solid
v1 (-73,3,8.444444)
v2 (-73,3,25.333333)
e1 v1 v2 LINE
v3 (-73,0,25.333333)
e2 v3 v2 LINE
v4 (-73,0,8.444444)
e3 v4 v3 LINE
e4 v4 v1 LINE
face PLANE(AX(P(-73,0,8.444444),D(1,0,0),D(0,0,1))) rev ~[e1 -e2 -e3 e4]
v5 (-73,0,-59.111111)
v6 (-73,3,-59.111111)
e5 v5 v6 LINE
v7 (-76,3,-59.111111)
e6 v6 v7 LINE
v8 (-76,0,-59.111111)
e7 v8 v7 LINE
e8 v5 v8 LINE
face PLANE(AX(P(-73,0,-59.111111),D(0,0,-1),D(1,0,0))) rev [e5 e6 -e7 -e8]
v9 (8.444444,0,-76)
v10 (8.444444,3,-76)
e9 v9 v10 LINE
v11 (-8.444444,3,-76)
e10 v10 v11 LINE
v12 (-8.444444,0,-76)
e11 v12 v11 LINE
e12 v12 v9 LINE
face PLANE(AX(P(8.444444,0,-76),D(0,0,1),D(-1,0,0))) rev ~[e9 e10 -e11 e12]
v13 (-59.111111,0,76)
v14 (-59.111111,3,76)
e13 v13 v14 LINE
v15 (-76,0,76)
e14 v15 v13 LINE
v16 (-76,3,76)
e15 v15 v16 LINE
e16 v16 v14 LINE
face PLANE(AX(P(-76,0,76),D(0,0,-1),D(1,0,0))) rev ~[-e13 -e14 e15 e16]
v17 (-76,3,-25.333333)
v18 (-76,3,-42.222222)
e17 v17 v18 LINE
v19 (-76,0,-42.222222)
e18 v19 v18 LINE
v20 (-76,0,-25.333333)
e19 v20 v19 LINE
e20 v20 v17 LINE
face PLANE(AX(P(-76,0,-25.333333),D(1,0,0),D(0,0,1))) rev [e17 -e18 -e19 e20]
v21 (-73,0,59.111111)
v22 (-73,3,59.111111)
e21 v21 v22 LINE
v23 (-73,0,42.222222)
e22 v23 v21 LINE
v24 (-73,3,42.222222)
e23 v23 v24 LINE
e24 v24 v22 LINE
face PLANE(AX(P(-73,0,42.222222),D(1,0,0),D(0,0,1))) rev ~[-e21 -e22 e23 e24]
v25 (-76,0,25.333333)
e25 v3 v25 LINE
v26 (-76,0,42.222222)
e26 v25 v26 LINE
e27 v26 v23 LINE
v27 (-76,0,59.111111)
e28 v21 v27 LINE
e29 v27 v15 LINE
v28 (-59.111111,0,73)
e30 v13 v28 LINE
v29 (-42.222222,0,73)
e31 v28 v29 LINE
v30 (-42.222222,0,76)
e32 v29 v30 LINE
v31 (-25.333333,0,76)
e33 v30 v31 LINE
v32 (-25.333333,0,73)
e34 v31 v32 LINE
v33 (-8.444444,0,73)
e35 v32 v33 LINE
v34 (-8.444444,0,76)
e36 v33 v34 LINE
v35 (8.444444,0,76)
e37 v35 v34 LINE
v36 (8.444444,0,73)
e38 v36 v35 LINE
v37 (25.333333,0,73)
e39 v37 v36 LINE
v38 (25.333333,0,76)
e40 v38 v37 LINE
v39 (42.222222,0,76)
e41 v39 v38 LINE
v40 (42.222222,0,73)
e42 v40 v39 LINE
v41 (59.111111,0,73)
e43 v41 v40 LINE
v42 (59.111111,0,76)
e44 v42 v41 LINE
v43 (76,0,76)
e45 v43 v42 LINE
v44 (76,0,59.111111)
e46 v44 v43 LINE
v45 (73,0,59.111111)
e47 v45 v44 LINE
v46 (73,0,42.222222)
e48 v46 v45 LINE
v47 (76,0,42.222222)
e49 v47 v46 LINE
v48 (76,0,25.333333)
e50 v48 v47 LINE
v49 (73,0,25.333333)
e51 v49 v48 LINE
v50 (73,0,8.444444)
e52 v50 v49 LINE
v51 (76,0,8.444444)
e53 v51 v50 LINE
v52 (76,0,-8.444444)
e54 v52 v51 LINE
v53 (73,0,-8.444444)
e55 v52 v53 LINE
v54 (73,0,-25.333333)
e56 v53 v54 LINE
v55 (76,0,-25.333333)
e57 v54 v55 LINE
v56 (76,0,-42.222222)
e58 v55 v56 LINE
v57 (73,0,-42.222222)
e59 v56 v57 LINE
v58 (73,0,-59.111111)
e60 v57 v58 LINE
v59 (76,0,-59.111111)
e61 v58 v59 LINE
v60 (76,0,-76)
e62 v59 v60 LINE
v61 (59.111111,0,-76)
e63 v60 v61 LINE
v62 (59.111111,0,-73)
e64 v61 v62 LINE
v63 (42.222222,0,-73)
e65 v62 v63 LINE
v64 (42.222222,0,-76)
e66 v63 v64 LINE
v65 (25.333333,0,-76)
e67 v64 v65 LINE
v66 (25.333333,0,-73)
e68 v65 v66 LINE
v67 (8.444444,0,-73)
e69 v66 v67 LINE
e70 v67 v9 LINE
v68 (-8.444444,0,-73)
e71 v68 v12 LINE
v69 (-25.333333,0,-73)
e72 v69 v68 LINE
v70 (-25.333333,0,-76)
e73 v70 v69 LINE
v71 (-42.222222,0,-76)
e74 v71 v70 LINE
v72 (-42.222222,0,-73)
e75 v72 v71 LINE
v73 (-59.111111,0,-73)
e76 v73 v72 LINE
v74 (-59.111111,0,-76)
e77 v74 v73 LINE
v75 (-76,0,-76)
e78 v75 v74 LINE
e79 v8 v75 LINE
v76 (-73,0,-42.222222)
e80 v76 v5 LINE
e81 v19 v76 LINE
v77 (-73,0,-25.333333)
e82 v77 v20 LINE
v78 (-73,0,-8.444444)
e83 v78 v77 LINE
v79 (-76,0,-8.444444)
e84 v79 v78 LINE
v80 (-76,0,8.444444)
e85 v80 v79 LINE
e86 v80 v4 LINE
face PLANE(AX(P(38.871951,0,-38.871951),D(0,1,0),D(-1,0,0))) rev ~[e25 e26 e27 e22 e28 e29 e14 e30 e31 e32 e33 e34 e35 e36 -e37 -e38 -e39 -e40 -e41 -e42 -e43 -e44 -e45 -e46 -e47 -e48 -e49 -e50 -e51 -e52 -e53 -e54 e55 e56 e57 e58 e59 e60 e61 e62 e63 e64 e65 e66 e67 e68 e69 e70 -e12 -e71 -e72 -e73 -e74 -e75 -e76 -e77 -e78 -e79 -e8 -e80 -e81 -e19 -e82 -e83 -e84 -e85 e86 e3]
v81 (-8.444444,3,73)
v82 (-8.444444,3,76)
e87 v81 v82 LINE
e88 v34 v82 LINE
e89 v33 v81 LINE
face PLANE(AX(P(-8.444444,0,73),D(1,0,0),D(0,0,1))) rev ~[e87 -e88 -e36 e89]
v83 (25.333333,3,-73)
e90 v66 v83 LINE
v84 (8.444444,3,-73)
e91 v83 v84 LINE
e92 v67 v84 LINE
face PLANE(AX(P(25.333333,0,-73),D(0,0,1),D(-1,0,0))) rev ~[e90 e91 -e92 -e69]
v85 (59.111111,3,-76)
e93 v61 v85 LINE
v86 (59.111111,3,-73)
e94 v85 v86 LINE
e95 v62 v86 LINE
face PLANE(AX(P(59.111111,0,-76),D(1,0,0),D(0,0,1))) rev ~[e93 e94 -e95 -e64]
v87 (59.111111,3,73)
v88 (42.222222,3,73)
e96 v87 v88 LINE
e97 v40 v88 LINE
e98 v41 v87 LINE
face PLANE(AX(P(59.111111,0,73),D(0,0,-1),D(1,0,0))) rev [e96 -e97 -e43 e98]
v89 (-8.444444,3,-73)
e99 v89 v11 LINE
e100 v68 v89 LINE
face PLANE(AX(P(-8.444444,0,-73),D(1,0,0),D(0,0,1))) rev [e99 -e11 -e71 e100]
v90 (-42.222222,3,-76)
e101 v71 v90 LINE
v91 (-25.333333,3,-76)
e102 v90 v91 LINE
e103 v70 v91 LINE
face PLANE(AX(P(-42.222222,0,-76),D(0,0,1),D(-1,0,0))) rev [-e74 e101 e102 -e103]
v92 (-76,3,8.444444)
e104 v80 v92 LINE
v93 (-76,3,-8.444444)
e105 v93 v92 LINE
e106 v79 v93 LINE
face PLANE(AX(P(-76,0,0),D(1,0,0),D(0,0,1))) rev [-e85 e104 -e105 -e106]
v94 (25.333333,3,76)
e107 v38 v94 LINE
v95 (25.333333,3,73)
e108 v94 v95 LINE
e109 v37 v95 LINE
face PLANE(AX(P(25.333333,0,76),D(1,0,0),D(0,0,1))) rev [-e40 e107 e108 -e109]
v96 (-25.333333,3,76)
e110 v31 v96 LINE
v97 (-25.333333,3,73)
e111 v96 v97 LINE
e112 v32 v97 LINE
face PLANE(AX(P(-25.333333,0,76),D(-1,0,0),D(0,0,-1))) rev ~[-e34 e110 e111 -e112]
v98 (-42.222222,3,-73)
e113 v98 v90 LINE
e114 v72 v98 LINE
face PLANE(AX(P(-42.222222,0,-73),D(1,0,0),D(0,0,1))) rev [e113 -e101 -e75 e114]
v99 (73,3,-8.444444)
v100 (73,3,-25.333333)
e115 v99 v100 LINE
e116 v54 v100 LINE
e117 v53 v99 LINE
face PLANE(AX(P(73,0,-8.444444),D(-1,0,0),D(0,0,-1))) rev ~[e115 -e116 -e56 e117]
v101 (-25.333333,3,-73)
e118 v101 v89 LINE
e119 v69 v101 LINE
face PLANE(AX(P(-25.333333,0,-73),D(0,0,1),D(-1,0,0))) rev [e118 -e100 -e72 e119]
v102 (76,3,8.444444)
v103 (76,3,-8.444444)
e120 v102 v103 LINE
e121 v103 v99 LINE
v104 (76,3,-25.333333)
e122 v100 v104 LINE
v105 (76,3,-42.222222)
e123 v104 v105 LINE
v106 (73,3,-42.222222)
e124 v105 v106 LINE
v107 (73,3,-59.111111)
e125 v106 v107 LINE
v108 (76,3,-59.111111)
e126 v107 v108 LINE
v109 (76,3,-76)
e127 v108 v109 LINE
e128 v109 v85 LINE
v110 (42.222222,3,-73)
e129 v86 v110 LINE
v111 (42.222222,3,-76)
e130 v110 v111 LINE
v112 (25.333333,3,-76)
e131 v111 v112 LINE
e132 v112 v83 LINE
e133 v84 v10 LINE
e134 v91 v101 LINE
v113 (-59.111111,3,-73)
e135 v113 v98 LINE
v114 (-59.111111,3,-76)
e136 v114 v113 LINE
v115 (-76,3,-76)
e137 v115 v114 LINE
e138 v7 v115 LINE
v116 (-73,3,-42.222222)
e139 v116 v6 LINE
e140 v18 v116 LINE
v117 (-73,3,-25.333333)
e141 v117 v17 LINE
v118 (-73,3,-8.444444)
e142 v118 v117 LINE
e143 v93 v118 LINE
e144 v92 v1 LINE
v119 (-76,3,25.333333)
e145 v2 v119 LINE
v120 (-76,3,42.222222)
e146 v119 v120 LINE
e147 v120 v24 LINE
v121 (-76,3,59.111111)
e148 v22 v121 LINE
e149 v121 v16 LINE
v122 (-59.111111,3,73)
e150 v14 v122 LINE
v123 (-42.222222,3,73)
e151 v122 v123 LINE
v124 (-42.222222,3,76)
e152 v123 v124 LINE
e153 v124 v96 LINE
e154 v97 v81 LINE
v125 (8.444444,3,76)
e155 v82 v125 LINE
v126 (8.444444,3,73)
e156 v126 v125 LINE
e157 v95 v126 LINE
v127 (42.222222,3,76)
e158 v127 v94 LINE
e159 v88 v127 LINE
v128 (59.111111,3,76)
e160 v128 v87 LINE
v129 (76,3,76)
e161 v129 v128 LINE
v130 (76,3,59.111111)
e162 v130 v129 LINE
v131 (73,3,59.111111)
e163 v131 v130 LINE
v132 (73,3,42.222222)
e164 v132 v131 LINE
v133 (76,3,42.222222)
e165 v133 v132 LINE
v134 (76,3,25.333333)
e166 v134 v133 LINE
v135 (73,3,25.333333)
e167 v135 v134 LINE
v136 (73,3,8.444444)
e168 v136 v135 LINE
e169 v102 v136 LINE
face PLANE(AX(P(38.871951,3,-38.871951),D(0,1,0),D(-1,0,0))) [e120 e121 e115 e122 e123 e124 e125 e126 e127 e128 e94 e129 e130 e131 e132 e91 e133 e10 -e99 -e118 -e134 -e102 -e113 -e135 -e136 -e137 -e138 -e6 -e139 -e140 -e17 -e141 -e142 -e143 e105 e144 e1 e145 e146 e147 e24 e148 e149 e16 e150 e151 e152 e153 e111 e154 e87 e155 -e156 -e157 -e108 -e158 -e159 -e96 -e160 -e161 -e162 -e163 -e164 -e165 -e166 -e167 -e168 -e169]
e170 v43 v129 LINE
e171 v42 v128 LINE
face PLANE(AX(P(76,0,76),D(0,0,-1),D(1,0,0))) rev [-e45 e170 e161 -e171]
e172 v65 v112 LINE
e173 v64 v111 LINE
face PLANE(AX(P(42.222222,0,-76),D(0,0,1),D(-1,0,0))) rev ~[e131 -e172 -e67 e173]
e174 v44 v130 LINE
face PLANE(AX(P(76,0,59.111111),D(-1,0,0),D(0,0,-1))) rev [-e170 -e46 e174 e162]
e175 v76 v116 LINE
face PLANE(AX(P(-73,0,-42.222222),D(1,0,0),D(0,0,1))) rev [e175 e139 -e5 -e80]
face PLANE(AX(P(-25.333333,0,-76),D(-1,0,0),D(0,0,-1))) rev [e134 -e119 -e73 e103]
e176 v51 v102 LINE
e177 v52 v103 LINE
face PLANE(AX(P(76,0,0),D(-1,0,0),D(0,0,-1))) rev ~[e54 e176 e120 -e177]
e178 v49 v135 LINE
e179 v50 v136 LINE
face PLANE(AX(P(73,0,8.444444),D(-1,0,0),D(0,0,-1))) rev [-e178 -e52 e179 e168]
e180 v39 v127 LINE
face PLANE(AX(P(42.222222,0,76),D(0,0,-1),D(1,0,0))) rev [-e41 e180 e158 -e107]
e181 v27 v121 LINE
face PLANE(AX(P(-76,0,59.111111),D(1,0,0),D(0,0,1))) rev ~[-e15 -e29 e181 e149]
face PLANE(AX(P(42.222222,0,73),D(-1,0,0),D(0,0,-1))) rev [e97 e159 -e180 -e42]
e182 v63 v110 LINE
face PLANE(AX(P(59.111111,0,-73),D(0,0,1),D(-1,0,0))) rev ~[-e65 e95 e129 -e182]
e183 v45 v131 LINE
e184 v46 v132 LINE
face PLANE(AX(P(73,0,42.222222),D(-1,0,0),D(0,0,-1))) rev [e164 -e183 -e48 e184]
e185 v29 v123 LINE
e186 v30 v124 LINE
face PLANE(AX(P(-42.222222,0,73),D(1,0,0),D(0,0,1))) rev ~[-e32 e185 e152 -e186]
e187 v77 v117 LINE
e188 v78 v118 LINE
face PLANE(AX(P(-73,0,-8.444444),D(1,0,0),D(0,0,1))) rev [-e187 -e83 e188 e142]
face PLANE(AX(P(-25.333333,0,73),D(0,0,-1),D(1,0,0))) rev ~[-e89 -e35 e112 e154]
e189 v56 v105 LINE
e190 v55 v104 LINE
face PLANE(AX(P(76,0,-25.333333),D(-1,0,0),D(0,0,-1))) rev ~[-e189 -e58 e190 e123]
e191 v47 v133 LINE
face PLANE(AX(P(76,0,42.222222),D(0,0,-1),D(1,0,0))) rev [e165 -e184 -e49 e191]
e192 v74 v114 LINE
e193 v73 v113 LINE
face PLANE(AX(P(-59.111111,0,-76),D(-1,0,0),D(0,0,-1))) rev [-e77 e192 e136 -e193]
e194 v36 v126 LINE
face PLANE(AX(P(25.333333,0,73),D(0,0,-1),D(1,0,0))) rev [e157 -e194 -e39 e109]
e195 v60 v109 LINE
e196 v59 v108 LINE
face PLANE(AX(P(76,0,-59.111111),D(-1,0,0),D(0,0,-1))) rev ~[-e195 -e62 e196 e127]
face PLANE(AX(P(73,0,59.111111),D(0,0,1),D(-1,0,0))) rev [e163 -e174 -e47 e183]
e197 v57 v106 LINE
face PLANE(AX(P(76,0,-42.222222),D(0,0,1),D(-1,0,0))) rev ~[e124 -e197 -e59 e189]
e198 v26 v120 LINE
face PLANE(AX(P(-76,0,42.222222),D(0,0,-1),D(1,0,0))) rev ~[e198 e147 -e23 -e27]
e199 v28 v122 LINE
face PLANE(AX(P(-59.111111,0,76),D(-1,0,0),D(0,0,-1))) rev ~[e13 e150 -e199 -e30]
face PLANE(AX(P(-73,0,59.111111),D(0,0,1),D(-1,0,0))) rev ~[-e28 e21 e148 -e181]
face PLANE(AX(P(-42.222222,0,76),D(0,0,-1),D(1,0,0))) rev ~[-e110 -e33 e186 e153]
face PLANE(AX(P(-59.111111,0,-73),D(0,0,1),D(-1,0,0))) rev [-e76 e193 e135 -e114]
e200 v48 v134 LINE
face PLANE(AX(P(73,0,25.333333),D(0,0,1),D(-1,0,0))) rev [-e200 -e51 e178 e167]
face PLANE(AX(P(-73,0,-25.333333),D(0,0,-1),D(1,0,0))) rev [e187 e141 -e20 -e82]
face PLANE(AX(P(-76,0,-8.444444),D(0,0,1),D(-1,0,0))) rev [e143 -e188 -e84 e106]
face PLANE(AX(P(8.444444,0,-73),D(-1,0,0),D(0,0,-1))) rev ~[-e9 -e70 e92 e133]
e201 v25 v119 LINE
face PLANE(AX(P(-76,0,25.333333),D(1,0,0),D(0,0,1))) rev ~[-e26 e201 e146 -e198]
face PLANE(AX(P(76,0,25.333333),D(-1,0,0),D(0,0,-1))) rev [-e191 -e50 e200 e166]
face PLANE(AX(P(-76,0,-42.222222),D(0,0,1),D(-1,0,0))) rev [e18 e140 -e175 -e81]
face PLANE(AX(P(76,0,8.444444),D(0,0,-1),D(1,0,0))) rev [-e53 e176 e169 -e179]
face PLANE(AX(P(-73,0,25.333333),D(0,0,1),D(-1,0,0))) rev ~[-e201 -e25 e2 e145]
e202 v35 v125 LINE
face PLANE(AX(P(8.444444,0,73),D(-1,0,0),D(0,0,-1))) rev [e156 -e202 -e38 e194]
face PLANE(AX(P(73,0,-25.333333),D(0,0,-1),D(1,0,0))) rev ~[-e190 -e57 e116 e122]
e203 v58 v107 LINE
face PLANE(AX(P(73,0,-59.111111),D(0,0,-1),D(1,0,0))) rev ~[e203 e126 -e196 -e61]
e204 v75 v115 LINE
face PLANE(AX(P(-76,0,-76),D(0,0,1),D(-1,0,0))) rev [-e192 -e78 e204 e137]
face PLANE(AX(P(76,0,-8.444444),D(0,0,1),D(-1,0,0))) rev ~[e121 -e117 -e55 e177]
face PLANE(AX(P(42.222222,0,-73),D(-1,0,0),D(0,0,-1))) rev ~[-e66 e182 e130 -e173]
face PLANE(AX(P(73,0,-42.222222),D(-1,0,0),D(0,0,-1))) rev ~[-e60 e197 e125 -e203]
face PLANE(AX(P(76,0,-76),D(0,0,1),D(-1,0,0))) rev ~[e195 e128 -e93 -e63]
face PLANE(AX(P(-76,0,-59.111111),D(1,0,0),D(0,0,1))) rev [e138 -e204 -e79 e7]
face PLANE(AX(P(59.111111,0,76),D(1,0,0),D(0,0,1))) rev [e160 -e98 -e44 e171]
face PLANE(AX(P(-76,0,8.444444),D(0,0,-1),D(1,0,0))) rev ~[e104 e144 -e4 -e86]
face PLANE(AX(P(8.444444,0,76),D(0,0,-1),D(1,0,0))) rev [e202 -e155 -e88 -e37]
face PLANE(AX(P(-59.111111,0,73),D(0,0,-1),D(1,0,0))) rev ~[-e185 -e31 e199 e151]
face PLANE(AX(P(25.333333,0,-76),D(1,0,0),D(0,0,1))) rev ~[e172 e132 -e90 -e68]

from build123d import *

# Parameters (mm, degrees)
BOSS_EXTRUDE1_DEPTH                      = 3
MIRROR1_AT_THE_SECOND_PLANE_COPY_1_DEPTH = 3


with BuildPart() as part:
    # Sketch1 → Boss-Extrude1 (new body)
    with BuildSketch(Plane(origin=(0, 0, 0), x_dir=(1, 0, 0), z_dir=(0, 1, 0))):
        Polygon((-76, -76), (-59.111111111, -76), (-59.111111111, -73), (-42.222222222, -73), (-42.222222222, -76), (-25.333333333, -76), (-25.333333333, -73), (-8.444444444, -73), (-8.444444444, -76), (0, -76), (0, 0), (-76, 0), (-76, -8.444444444), (-73, -8.444444444), (-73, -25.333333333), (-76, -25.333333333), (-76, -42.222222222), (-73, -42.222222222), (-73, -59.111111111), (-76, -59.111111111), align=None)
    boss_extrude1 = extrude(amount=BOSS_EXTRUDE1_DEPTH)



with BuildPart() as mirror1_1:
    # Mirror1: Boss-Extrude1 across plane
    add(boss_extrude1.mirror(Plane.XY))


with BuildPart() as part_1:
    add(part.part)

    add(mirror1_1.part)  # Mirror1 at the second plane merges Mirror1_1
    # Mirror1 at the second plane: Boss-Extrude1 across plane
    add(boss_extrude1.mirror(Plane(origin=(0, 0, 0), x_dir=(0, 0, 1), z_dir=(1, 0, 0))))

    # Mirror1 at the second plane copy 1 sketc → Mirror1 at the second plane copy 1 (add)
    with BuildSketch(Plane(origin=(0, 0, 0), x_dir=(-1, 0, 0), z_dir=(0, 1, 0))):
        Polygon((-76, -76), (-59.111111111, -76), (-59.111111111, -73), (-42.222222222, -73), (-42.222222222, -76), (-25.333333333, -76), (-25.333333333, -73), (-8.444444444, -73), (-8.444444444, -76), (0, -76), (0, 0), (-76, 0), (-76, -8.444444444), (-73, -8.444444444), (-73, -25.333333333), (-76, -25.333333333), (-76, -42.222222222), (-73, -42.222222222), (-73, -59.111111111), (-76, -59.111111111), align=None)
    extrude(amount=MIRROR1_AT_THE_SECOND_PLANE_COPY_1_DEPTH)


solid = part_1.part
